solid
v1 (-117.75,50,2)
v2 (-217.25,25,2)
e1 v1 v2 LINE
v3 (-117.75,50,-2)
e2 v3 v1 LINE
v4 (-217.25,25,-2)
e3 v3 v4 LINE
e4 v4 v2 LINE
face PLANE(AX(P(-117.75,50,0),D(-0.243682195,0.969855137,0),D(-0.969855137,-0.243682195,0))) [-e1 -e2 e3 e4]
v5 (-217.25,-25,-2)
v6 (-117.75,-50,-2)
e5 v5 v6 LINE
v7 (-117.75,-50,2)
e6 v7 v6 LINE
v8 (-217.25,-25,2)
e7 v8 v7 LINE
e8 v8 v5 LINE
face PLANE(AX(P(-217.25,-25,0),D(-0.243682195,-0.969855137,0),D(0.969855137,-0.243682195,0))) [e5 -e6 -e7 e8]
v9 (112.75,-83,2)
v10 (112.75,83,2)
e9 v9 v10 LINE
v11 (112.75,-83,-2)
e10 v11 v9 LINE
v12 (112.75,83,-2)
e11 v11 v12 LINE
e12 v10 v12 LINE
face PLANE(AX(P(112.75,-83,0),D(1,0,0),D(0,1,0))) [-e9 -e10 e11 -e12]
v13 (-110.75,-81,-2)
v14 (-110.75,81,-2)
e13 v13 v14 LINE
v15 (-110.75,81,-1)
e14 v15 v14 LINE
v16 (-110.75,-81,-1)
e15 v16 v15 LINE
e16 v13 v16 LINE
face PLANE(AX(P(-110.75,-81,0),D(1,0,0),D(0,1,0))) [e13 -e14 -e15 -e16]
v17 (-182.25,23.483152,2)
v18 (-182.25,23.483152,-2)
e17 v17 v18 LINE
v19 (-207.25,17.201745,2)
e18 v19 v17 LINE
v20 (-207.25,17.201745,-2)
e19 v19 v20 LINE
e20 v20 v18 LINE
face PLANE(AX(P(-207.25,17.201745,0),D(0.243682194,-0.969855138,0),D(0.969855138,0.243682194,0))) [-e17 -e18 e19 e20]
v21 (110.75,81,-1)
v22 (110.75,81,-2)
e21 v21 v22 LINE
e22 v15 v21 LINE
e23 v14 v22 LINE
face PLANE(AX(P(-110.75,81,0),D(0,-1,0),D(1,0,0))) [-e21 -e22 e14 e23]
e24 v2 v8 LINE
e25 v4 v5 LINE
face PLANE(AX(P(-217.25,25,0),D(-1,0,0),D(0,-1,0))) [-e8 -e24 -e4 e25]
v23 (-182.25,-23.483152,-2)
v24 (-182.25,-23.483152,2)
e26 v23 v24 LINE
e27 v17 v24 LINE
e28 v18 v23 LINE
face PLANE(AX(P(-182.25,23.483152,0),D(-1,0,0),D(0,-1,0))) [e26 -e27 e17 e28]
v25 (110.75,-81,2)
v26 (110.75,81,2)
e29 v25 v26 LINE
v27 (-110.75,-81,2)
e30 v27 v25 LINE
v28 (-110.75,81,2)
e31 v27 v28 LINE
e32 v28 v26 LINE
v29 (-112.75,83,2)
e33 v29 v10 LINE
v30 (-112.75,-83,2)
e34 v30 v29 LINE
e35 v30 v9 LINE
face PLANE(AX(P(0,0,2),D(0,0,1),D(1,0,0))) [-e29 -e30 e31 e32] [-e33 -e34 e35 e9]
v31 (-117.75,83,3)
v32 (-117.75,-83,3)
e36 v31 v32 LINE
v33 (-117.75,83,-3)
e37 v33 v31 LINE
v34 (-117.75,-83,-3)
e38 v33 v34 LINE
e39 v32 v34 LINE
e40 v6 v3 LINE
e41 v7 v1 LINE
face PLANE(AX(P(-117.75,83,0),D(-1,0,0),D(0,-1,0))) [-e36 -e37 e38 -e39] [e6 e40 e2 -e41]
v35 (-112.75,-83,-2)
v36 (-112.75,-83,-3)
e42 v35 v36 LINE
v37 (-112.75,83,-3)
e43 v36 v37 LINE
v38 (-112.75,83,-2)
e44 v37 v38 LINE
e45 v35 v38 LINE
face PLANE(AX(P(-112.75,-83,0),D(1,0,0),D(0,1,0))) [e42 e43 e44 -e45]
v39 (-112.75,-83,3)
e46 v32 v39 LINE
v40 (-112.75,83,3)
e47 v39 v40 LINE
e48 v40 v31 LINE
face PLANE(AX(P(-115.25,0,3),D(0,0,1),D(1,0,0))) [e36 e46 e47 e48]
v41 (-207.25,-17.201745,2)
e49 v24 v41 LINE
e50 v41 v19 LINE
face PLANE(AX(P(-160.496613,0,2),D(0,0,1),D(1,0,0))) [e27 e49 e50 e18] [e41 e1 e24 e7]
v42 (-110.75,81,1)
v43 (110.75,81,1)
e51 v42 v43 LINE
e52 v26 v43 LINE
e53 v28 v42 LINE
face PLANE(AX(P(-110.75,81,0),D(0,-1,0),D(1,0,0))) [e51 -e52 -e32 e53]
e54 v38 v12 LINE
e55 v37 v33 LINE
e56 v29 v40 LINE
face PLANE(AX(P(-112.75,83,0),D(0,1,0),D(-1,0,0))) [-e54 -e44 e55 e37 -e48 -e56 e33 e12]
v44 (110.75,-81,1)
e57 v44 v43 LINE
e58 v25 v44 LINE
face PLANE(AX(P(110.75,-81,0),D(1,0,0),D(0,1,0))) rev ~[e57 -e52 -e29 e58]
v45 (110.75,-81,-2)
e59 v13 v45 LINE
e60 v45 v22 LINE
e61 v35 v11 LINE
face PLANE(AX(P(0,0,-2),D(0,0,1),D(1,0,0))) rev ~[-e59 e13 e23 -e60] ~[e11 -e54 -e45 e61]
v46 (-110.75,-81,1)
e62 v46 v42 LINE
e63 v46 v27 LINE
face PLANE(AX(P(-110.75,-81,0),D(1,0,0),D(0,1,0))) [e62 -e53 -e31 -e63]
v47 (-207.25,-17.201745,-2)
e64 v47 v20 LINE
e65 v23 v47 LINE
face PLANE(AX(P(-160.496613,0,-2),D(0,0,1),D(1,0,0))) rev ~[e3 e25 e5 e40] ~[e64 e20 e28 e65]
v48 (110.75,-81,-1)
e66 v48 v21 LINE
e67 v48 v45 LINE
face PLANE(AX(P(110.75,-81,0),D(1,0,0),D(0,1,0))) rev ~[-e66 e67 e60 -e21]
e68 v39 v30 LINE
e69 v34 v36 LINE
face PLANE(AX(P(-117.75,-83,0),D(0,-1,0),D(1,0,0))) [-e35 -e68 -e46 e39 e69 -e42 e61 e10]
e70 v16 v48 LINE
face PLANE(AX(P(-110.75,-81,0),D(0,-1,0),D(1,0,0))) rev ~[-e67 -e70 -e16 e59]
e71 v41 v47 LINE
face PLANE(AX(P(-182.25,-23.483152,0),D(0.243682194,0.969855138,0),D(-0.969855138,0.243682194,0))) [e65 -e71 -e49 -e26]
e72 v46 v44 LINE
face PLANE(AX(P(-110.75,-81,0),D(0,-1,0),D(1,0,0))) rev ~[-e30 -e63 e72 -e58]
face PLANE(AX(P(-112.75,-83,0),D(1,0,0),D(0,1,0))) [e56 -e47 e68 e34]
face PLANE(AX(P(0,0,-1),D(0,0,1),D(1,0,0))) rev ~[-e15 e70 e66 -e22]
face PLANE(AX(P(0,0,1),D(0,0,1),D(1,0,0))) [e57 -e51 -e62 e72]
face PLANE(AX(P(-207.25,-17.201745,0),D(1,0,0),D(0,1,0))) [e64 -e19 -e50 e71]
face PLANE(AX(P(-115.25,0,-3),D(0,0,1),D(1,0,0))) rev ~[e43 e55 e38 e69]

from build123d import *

# Parameters (mm, degrees)
F0_W     = 221.5
F0_H     = 162
F1_DEPTH = 1
F0_W_2   = 225.5
F0_H_2   = 166
F2_DEPTH = 2
F3_DEPTH = 3
F4_DEPTH = 2


with BuildPart() as f1:
    # F0 (on Top) → F1 (new body, symmetric)
    with BuildSketch(Plane.XY):
        Rectangle(F0_W, F0_H)
    extrude(amount=F1_DEPTH, both=True)

    # F0 (on Top) → F2 (join, symmetric)
    with BuildSketch(Plane.XY):
        Rectangle(F0_W_2, F0_H_2)
        Rectangle(F0_W, F0_H, mode=Mode.SUBTRACT)
    extrude(amount=F2_DEPTH, both=True)

    # F0 (on Top) → F3 (join, symmetric)
    with BuildSketch(Plane.XY):
        Polygon((-112.75, -83), (-112.75, 83), (-117.75, 83), (-117.75, 50), (-117.75, -50), (-117.75, -83), align=None)
    extrude(amount=F3_DEPTH, both=True)

    # F0 (on Top) → F4 (join, symmetric)
    with BuildSketch(Plane.XY):
        Polygon((-117.75, -50), (-117.75, 50), (-217.25, 25), (-217.25, -25), align=None)
        Polygon((-182.25, -23.483152), (-207.25, -17.201745), (-207.25, 17.201745), (-182.25, 23.483152), align=None, mode=Mode.SUBTRACT)
    extrude(amount=F4_DEPTH, both=True)


solid = f1.part
